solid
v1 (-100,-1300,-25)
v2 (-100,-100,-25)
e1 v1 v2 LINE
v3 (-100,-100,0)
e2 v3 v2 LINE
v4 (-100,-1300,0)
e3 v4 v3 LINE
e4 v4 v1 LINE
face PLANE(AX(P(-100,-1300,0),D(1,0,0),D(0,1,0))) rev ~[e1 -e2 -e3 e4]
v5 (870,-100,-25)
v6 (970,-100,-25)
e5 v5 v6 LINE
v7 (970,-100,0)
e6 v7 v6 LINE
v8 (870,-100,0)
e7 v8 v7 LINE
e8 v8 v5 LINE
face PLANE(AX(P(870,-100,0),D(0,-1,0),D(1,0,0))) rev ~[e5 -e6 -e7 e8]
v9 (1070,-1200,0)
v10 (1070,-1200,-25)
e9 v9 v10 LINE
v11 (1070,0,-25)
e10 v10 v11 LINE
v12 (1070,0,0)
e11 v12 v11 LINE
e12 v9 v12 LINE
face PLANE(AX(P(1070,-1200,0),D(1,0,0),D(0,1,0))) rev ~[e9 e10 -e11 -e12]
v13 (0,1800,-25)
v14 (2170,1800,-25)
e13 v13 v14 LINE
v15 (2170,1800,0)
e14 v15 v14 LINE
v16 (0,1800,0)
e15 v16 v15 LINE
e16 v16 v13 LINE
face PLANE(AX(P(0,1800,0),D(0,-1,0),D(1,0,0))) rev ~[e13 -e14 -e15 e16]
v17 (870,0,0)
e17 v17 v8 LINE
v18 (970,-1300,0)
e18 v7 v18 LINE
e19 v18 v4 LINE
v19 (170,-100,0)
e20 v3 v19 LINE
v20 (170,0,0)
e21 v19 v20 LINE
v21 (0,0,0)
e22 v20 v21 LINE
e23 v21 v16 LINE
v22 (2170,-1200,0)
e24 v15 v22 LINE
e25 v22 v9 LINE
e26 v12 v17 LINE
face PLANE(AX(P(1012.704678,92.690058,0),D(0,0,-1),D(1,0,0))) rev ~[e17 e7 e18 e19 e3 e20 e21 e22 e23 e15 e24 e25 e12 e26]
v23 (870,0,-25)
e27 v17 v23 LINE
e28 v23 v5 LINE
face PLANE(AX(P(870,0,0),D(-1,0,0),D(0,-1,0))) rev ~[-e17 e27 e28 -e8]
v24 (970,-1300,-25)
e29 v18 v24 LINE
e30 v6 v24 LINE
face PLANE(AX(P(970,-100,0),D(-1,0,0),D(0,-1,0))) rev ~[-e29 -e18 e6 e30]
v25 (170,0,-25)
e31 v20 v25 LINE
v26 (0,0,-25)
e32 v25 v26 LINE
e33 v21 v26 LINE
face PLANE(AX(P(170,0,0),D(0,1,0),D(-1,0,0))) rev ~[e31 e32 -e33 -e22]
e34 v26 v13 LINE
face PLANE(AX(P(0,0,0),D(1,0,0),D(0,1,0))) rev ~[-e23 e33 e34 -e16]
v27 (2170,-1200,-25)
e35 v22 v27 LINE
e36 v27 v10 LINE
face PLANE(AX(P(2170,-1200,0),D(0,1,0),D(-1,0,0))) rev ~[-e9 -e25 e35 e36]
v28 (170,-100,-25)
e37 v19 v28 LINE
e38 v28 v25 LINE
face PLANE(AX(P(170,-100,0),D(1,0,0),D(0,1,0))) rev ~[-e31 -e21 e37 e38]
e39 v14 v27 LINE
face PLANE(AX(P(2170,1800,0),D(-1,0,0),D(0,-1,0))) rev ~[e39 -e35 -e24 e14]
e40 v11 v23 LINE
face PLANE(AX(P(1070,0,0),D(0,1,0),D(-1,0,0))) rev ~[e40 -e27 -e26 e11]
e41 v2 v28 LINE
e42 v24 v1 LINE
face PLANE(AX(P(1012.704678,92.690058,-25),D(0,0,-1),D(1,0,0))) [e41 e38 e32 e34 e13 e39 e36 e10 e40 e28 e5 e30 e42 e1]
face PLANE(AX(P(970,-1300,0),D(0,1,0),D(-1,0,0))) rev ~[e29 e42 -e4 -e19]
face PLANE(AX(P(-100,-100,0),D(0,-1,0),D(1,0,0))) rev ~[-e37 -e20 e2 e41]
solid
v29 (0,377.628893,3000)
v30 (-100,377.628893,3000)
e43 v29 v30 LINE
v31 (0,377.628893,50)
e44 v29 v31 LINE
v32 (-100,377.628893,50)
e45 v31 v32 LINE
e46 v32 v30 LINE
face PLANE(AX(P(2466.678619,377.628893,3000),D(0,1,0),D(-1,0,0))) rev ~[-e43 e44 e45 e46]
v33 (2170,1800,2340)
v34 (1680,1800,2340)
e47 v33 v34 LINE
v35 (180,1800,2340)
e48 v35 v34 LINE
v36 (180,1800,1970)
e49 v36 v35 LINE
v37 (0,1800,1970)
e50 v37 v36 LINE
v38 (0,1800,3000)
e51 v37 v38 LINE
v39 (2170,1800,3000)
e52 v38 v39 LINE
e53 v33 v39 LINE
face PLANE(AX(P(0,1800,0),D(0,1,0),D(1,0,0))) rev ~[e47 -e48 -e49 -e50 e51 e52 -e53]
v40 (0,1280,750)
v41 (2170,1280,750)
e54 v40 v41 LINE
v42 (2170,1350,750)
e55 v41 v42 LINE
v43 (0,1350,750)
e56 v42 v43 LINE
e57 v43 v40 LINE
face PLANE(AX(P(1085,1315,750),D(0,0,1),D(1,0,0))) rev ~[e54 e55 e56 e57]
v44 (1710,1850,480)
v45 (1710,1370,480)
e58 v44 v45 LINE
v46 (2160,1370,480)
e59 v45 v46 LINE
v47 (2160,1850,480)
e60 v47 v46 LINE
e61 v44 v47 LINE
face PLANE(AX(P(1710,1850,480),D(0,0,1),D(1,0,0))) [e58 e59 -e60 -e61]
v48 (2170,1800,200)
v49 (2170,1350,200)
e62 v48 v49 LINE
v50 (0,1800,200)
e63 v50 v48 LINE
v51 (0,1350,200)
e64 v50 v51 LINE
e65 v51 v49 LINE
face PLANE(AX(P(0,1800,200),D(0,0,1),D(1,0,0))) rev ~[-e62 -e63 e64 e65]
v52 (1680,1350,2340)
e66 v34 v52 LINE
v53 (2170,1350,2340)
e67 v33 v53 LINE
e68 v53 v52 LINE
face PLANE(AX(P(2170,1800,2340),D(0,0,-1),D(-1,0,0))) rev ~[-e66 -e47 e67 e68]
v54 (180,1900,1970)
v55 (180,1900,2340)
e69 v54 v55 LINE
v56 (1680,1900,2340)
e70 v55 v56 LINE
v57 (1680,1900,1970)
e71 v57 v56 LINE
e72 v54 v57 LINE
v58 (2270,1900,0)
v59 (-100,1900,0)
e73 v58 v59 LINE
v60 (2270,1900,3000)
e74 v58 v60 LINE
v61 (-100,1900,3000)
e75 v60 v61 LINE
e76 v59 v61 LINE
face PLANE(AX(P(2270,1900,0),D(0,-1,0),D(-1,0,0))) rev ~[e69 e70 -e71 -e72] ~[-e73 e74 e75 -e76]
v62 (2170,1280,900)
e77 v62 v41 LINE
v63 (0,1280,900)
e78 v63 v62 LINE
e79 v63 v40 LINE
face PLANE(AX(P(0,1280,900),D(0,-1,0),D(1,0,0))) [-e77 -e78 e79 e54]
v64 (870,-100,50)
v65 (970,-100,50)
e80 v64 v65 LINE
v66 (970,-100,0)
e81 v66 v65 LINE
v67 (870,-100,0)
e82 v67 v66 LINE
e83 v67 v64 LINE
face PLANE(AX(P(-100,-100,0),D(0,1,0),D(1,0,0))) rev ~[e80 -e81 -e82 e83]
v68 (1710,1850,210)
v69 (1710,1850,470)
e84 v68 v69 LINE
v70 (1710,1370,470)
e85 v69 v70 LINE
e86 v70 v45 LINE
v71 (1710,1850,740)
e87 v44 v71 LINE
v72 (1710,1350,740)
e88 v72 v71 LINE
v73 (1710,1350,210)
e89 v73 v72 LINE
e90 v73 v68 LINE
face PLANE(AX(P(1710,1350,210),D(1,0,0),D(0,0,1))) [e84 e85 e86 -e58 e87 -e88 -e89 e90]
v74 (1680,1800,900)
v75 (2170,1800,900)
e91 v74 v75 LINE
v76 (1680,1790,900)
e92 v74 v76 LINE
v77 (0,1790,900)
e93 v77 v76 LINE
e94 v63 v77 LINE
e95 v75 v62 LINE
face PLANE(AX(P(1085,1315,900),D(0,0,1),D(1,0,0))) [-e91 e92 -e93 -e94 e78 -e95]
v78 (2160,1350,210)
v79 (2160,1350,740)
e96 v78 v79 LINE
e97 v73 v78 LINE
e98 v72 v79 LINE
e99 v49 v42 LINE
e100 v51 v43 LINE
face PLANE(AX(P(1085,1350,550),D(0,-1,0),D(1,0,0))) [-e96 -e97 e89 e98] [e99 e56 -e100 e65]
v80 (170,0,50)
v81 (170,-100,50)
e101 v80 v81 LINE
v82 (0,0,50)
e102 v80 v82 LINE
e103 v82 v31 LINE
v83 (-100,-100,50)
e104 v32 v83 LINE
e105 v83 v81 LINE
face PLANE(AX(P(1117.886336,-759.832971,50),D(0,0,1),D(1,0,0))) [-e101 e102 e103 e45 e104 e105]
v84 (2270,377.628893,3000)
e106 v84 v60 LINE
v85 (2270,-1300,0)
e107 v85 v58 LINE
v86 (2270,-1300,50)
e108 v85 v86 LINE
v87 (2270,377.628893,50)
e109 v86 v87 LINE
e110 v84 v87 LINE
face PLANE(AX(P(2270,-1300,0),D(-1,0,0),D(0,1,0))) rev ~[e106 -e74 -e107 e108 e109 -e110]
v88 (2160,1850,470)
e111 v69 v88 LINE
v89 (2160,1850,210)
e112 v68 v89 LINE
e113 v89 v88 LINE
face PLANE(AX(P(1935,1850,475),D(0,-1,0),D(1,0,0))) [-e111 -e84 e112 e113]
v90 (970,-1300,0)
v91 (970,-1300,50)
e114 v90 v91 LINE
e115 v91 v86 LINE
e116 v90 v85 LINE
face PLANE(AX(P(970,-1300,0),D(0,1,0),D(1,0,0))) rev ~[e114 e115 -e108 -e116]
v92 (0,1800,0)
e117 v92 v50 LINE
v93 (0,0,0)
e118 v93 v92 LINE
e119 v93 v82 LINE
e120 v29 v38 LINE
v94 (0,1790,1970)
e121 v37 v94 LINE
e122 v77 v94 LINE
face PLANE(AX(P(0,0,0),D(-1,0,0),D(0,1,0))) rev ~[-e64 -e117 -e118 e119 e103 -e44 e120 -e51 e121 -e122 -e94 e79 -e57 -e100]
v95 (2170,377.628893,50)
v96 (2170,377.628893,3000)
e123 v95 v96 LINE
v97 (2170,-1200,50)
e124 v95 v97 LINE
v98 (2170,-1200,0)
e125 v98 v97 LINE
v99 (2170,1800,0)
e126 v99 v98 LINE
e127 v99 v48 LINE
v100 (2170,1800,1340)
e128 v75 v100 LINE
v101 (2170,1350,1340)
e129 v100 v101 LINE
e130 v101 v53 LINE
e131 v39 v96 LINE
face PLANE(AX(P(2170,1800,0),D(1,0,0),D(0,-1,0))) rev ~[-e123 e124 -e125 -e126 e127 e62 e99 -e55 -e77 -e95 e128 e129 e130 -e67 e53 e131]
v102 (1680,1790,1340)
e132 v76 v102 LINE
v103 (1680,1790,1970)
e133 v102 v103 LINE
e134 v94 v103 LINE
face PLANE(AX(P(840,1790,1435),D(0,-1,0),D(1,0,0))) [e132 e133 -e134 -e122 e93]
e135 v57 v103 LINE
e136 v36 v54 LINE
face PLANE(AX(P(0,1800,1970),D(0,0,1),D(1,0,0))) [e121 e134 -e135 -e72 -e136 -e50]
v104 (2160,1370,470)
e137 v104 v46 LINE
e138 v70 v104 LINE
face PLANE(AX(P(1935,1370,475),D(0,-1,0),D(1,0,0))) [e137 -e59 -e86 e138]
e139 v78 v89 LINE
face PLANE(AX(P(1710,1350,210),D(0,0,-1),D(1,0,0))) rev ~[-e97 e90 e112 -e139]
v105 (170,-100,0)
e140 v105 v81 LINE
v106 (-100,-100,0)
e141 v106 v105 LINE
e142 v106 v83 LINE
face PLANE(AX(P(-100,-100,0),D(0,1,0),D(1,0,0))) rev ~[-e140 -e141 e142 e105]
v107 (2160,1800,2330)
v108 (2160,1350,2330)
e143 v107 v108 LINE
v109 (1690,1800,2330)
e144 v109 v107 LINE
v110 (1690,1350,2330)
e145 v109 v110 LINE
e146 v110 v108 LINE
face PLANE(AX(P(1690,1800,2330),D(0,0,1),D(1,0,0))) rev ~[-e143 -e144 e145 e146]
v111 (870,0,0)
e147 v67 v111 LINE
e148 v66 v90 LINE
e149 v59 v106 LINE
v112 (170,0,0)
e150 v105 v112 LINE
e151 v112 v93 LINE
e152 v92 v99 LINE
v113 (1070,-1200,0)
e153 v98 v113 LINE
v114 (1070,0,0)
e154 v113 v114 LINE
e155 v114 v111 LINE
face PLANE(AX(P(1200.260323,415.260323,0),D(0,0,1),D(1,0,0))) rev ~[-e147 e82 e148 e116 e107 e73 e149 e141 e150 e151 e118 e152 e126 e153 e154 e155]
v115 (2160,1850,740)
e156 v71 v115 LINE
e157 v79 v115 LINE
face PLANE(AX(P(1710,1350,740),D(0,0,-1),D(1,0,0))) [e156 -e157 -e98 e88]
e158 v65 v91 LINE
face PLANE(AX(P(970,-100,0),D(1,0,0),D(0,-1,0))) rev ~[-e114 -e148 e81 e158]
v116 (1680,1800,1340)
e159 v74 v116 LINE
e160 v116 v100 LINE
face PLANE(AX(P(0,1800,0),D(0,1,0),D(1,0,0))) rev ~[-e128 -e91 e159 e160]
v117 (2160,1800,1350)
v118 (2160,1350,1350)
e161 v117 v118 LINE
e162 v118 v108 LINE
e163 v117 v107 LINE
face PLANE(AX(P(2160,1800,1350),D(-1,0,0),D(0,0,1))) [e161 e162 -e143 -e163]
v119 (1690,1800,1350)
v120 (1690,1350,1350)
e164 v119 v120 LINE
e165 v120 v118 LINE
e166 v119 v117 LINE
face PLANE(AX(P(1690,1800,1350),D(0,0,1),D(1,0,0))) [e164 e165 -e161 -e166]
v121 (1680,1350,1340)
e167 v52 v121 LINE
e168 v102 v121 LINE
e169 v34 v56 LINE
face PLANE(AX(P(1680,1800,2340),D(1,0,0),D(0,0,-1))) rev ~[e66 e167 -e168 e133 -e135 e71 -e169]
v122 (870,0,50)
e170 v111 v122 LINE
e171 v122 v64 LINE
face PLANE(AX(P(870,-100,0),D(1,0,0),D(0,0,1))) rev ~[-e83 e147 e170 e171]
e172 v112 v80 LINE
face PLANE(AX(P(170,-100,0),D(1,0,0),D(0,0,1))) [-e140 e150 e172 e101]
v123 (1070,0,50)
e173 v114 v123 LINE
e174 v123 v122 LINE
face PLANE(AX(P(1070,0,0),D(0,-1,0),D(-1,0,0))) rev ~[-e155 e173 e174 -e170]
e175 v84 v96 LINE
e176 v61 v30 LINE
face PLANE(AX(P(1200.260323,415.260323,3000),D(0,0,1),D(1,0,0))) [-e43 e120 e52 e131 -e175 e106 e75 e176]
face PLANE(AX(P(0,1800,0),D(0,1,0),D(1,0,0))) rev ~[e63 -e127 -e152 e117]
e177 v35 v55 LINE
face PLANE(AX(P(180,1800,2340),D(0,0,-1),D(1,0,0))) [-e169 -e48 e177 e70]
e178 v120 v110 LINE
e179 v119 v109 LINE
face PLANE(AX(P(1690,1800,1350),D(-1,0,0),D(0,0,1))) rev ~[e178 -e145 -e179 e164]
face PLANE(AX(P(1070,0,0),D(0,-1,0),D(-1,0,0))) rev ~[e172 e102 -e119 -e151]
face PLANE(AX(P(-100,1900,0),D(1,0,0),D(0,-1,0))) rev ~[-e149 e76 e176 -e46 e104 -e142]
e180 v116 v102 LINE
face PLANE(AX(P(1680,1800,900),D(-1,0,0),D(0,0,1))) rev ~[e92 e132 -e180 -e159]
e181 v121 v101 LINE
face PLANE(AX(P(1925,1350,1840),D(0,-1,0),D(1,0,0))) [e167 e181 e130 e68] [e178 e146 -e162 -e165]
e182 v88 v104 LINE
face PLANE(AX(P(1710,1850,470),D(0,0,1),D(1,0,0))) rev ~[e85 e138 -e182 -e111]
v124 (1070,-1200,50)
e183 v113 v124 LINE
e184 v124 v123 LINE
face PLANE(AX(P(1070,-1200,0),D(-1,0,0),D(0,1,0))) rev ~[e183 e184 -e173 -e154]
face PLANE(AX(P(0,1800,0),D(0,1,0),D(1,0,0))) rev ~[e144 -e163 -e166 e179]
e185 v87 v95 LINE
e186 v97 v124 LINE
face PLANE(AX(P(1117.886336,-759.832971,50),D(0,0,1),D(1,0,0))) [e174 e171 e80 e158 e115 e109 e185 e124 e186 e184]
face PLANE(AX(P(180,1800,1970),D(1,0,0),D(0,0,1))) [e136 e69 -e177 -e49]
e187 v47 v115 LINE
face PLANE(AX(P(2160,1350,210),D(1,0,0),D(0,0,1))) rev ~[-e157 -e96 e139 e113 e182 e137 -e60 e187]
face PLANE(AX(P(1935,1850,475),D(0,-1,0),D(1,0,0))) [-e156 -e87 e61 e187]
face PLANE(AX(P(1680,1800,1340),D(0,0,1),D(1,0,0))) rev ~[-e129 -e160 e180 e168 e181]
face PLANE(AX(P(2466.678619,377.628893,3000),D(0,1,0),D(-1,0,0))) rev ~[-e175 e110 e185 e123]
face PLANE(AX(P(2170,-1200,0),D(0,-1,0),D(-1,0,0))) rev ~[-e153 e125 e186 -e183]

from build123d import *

# Parameters (mm, degrees)
F1_DEPTH  = 3000
F2_W      = 700
F2_H      = 2100
F3_DEPTH  = 100
F4_W      = 1500
F4_H      = 370
F5_DEPTH  = 100
F7_DEPTH  = 25
F9_DEPTH  = 2950
F10_W     = 2170
F10_H     = 700
F11_DEPTH = 450
F12_W     = 2170
F12_H     = 70
F12_H_2   = 450
F13_DEPTH = 150
F14_W     = 1680
F14_H     = 1070
F15_DEPTH = 10
F17_W     = 450
F17_H     = 530
F18_DEPTH = 500
F19_W     = 450
F19_H     = 10
F20_DEPTH = 480
F21_W     = 470
F21_H     = 980
F22_DEPTH = 450


with BuildPart() as f1:
    # F0 (on Top) → F1 (new body)
    with BuildSketch(Plane.XY):
        Polygon((2270, 1900), (-100, 1900), (-100, -100), (970, -100), (970, -1300), (2270, -1300), align=None)
        Polygon((1070, 0), (0, 0), (0, 1800), (2170, 1800), (2170, -1200), (1070, -1200), align=None, mode=Mode.SUBTRACT)
    extrude(amount=F1_DEPTH)

    # F2 (on face) → F3 (cut, through all)
    with BuildSketch(Plane.XZ.offset(100)):
        with Locations((520, 1050)):
            Rectangle(F2_W, F2_H)
    extrude(amount=-F3_DEPTH, mode=Mode.SUBTRACT)

    # F4 (on face) → F5 (cut, through all)
    with BuildSketch(Plane.XZ.offset(-1800)):
        with Locations((930, 2155)):
            Rectangle(F4_W, F4_H)
    extrude(amount=-F5_DEPTH, mode=Mode.SUBTRACT)

    # F8 (on face) → F9 (cut)
    with BuildSketch(Plane.XY.offset(3000)):
        Polygon((-472.080886364, -1550.0288009644), (2466.6786193848, -1550.0288009644), (2466.6786193848, 377.6288926601), (2270, 377.6288926601), (2270, -1300), (970, -1300), (970, -100), (-100, -100), (-100, 377.6288926601), (-472.080886364, 377.6288926601), align=None)
        Polygon((2170, -1200), (2170, 377.6288926601), (0, 377.6288926601), (0, 0), (1070, 0), (1070, -1200), align=None)
        Polygon((2270, -1300), (2270, 377.6288926601), (2170, 377.6288926601), (2170, -1200), (1070, -1200), (1070, 0), (0, 0), (0, 377.6288926601), (-100, 377.6288926601), (-100, -100), (970, -100), (970, -1300), align=None)
    extrude(amount=-F9_DEPTH, mode=Mode.SUBTRACT)

    # F10 (on face) → F11 (join)
    with BuildSketch(Plane.XZ.offset(-1800)):
        with Locations((1085, 550)):
            Rectangle(F10_W, F10_H)
    extrude(amount=F11_DEPTH)

    # F12 (on face) → F13 (join)
    with BuildSketch(Plane.XY.offset(900)):
        with Locations((1085, 1315)):
            Rectangle(F12_W, F12_H)
        with Locations((1085, 1575)):
            Rectangle(F12_W, F12_H_2)
    extrude(amount=-F13_DEPTH)

    # F14 (on face) → F15 (join)
    with BuildSketch(Plane.XZ.offset(-1800)):
        with Locations((840, 1435)):
            Rectangle(F14_W, F14_H)
    extrude(amount=F15_DEPTH)

    # F17 (on face) → F18 (cut)
    with BuildSketch(Plane.XZ.offset(-1350)):
        with Locations((1935, 475)):
            Rectangle(F17_W, F17_H)
    extrude(amount=-F18_DEPTH, mode=Mode.SUBTRACT)

    # F19 (on face) → F20 (join)
    with BuildSketch(Plane.XZ.offset(-1850)):
        with Locations((1935, 475)):
            Rectangle(F19_W, F19_H)
    extrude(amount=F20_DEPTH)

    # F21 (on face) → F22 (join)
    with BuildSketch(Plane.XZ.offset(-1800)):
        Polygon((2170, 2340), (1680, 2340), (1680, 1970), (1680, 1340), (2170, 1340), align=None)
        with Locations((1925, 1840)):
            Rectangle(F21_W, F21_H, mode=Mode.SUBTRACT)
    extrude(amount=F22_DEPTH)


with BuildPart() as f7:
    # F6 (on face) → F7 (new body)
    with BuildSketch(Plane(origin=(0, 0, 0), x_dir=(1, 0, 0), z_dir=(0, 0, -1))):
        Polygon((-100, 1300), (-100, 100), (170, 100), (170, 0), (0, 0), (0, -1800), (2170, -1800), (2170, 1200), (1070, 1200), (1070, 0), (870, 0), (870, 100), (970, 100), (970, 1300), align=None)
    extrude(amount=F7_DEPTH)


solid = Compound([f1.part, f7.part])
